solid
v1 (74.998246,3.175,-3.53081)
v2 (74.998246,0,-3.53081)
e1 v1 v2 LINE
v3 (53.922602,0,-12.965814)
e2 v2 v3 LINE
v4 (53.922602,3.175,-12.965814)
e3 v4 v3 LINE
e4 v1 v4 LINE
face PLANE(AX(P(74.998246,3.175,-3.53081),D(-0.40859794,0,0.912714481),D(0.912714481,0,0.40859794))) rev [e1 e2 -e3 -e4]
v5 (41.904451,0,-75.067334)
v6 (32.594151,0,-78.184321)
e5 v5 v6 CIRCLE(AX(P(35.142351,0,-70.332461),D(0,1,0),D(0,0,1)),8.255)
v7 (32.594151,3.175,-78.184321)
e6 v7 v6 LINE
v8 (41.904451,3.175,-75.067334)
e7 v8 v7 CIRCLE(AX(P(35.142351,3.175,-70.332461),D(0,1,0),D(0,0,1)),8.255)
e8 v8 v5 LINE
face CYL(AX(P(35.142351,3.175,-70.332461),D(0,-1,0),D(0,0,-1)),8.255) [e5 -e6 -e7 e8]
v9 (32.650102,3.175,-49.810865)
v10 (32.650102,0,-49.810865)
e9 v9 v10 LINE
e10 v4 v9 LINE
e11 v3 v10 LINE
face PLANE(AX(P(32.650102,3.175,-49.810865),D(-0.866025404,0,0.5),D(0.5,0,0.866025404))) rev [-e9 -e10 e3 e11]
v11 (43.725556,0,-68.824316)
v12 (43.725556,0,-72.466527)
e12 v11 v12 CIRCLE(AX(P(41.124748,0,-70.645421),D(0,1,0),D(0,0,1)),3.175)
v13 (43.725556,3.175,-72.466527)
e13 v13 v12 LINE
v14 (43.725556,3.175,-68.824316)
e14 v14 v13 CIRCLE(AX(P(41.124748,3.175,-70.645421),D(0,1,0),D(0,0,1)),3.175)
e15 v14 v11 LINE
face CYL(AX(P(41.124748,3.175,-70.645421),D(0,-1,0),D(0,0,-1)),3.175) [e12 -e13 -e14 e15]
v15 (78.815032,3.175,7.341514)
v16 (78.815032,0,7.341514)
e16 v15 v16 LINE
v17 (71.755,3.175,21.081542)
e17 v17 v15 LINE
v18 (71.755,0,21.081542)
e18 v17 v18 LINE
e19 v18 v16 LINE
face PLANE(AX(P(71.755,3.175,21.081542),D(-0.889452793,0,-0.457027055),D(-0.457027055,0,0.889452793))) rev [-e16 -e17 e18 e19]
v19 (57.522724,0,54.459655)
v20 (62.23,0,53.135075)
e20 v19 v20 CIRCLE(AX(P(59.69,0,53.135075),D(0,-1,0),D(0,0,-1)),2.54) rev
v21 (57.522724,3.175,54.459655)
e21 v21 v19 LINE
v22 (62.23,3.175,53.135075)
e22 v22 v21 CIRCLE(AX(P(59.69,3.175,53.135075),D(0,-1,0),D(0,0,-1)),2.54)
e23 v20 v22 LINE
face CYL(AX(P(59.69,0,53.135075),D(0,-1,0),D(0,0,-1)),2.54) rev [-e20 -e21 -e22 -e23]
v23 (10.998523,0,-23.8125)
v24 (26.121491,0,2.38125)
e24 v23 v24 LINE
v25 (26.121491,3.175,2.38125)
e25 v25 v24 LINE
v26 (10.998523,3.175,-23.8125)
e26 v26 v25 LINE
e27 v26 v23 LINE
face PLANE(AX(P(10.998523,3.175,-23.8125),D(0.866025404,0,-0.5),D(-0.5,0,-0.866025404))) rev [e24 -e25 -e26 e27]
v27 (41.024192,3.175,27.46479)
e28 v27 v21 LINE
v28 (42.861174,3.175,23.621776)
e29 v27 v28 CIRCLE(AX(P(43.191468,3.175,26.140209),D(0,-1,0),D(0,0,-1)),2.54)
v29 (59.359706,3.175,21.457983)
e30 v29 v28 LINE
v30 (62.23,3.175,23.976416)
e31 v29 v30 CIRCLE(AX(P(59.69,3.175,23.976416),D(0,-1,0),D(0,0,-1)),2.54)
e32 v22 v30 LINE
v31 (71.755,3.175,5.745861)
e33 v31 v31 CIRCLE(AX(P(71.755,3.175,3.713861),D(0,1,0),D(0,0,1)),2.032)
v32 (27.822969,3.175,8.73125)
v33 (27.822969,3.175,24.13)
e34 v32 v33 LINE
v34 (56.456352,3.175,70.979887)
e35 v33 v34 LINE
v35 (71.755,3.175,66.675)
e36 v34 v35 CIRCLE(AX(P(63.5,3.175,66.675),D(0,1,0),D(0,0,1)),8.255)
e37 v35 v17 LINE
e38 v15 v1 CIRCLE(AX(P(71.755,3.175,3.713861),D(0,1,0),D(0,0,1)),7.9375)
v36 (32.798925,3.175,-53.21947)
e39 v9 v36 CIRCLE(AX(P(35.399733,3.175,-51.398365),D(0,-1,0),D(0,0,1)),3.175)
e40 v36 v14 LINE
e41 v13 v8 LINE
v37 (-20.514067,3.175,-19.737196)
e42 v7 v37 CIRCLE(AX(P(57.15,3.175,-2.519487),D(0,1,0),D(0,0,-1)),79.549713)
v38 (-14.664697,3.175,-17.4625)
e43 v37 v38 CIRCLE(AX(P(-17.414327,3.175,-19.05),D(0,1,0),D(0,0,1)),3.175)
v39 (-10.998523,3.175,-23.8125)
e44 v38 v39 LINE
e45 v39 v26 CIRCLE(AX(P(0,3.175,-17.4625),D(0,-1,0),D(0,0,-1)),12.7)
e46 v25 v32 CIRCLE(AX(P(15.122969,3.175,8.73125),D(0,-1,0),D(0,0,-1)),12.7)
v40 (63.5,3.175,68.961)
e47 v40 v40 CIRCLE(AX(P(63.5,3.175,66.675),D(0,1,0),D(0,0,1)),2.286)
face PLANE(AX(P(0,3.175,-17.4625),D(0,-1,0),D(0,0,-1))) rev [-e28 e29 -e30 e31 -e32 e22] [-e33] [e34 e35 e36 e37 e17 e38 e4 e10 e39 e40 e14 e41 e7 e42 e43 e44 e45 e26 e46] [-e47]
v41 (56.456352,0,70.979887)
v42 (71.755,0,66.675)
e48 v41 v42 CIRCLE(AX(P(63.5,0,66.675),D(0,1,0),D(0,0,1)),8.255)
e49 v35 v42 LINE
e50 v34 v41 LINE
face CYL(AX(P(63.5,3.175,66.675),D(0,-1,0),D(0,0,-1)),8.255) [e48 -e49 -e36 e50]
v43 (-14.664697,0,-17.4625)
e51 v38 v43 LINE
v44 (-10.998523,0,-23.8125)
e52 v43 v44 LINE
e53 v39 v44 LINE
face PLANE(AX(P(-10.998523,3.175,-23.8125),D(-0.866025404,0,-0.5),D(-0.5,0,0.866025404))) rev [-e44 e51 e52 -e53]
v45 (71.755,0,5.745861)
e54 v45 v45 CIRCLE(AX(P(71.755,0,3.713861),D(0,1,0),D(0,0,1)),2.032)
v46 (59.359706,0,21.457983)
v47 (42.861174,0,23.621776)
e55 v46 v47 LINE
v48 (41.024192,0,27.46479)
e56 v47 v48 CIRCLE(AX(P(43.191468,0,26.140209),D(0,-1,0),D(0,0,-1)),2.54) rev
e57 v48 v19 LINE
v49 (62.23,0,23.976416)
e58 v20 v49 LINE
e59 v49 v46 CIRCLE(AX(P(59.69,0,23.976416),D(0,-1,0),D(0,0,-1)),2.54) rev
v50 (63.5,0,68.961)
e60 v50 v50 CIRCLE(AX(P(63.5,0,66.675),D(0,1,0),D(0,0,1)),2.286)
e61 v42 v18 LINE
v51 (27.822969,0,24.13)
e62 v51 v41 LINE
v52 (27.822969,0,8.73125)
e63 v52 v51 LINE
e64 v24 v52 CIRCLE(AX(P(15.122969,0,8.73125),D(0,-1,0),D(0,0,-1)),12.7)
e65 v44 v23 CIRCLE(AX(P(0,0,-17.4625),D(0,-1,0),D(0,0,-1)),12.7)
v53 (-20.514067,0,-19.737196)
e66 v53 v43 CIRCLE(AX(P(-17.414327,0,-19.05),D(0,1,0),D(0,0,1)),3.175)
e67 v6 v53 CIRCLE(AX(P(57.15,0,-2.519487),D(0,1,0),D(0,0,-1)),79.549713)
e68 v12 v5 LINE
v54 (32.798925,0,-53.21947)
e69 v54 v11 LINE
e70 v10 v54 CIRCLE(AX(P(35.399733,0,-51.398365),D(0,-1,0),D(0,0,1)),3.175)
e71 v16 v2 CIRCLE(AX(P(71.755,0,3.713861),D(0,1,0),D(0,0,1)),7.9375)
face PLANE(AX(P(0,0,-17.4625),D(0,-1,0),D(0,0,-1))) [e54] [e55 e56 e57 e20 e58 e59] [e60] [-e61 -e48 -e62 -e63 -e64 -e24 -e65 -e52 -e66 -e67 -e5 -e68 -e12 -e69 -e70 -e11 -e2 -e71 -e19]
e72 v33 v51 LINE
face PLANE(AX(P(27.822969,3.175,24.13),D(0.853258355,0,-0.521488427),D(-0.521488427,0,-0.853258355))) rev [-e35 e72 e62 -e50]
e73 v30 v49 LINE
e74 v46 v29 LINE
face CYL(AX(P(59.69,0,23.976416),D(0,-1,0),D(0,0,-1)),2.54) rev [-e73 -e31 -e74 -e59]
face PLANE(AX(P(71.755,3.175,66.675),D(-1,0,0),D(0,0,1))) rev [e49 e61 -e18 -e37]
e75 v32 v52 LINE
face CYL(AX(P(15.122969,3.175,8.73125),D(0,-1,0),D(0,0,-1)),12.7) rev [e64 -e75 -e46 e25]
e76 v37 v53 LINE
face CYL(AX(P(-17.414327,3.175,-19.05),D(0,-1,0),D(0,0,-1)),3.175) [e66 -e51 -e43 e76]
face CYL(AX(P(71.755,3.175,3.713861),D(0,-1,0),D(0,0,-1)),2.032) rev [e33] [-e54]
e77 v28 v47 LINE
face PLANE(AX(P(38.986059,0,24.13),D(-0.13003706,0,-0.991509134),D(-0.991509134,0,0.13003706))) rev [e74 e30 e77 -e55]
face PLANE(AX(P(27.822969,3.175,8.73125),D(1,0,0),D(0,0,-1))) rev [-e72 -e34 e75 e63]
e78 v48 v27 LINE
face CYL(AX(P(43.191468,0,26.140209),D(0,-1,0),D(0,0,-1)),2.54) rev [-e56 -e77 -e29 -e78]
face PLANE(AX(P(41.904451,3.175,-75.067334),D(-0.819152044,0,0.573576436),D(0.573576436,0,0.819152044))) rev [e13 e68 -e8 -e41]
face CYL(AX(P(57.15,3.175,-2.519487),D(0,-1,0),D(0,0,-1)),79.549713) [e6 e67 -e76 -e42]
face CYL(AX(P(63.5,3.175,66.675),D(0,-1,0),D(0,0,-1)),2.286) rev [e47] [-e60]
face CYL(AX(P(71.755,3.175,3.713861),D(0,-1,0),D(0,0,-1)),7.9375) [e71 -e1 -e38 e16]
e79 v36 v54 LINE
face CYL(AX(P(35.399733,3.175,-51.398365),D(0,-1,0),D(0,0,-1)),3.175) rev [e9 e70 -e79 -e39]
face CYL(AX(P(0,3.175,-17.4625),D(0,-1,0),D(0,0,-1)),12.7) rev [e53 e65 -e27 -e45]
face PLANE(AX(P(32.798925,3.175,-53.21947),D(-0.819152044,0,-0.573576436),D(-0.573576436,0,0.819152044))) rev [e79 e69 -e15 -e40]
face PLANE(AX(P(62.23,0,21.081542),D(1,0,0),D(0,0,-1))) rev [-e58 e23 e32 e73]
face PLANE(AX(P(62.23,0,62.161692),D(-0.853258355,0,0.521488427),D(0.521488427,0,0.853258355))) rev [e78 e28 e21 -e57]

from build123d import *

# Parameters (mm, degrees)
SKETCH1_R           = 2.286
SKETCH1_R_2         = 2.032
BOSS_EXTRUDE1_DEPTH = 3.175
CUT_EXTRUDE2_DEPTH  = 112.968585757
FILLET2_R           = 2.54


with BuildPart() as part:
    # Sketch1 → Boss-Extrude1 (new body)
    with BuildSketch(Plane(origin=(0, 0, 0), x_dir=(1, 0, 0), z_dir=(0, 1, 0))):
        with BuildLine():
            Line((-10.998522628, 23.8125), (-14.664696837, 17.4625))
            ThreePointArc((-14.664696837, 17.4625), (-18.565068266, 16.090875015), (-20.514067317, 19.737195774))
            ThreePointArc((-20.514067317, 19.737195774), (-1.724819928, 56.016331719), (32.594151192, 78.184320885))
            ThreePointArc((32.594151192, 78.184320885), (37.76306443, 78.160416217), (41.904450725, 75.06733441))
            Line((41.904450725, 75.06733441), (43.72555591, 72.466526669))
            ThreePointArc((43.72555591, 72.466526669), (44.299748169, 70.645421484), (43.72555591, 68.824316299))
            Line((43.72555591, 68.824316299), (32.798924798, 53.219469855))
            ThreePointArc((32.798924798, 53.219469855), (32.227754435, 51.536856224), (32.650101881, 49.81086467))
            Line((32.650101881, 49.81086467), (53.922601881, 12.965813866))
            Line((53.922601881, 12.965813866), (74.99824615, 3.5308098))
            ThreePointArc((74.99824615, 3.5308098), (79.244408325, -1.084665848), (78.815031546, -7.341513637))
            Line((78.815031546, -7.341513637), (71.755, -21.081542183))
            Line((71.755, -21.081542183), (71.755, -66.675))
            ThreePointArc((71.755, -66.675), (65.736035896, -74.621393426), (56.456352278, -70.979886963))
            Line((56.456352278, -70.979886963), (27.822968614, -24.13))
            Line((27.822968614, -24.13), (27.822968614, -8.73125))
            ThreePointArc((27.822968614, -8.73125), (27.390226607, -5.444248127), (26.121491242, -2.38125))
            Line((26.121491242, -2.38125), (10.998522628, 23.8125))
            ThreePointArc((10.998522628, 23.8125), (0, 30.1625), (-10.998522628, 23.8125))
        make_face()
        with Locations(Location((63.5, -66.675, 0), (0, 0, 270))):
            Circle(SKETCH1_R, mode=Mode.SUBTRACT)
        with Locations(Location((71.755, -3.713861391, 0), (0, 0, 270))):
            Circle(SKETCH1_R_2, mode=Mode.SUBTRACT)
    extrude(amount=BOSS_EXTRUDE1_DEPTH)

    # Sketch4 → Cut-Extrude2 (cut, through all)
    with BuildSketch(Plane(origin=(0, 3.175, 0), x_dir=(1, 0, 0), z_dir=(0, 1, 0))):
        Polygon((38.986058834, -24.13), (62.23, -21.081542183), (62.23, -62.161691573), align=None)
    extrude(amount=-CUT_EXTRUDE2_DEPTH, mode=Mode.SUBTRACT)

    # Fillet2
    fillet2_edges = [part.edges().sort_by_distance(p)[0] for p in [
        (62.23, 1.5875, 62.161691573),
        (38.986058834, 1.5875, 24.13),
        (62.23, 1.5875, 21.081542183),
    ]]
    fillet(fillet2_edges, radius=FILLET2_R)


solid = part.part
